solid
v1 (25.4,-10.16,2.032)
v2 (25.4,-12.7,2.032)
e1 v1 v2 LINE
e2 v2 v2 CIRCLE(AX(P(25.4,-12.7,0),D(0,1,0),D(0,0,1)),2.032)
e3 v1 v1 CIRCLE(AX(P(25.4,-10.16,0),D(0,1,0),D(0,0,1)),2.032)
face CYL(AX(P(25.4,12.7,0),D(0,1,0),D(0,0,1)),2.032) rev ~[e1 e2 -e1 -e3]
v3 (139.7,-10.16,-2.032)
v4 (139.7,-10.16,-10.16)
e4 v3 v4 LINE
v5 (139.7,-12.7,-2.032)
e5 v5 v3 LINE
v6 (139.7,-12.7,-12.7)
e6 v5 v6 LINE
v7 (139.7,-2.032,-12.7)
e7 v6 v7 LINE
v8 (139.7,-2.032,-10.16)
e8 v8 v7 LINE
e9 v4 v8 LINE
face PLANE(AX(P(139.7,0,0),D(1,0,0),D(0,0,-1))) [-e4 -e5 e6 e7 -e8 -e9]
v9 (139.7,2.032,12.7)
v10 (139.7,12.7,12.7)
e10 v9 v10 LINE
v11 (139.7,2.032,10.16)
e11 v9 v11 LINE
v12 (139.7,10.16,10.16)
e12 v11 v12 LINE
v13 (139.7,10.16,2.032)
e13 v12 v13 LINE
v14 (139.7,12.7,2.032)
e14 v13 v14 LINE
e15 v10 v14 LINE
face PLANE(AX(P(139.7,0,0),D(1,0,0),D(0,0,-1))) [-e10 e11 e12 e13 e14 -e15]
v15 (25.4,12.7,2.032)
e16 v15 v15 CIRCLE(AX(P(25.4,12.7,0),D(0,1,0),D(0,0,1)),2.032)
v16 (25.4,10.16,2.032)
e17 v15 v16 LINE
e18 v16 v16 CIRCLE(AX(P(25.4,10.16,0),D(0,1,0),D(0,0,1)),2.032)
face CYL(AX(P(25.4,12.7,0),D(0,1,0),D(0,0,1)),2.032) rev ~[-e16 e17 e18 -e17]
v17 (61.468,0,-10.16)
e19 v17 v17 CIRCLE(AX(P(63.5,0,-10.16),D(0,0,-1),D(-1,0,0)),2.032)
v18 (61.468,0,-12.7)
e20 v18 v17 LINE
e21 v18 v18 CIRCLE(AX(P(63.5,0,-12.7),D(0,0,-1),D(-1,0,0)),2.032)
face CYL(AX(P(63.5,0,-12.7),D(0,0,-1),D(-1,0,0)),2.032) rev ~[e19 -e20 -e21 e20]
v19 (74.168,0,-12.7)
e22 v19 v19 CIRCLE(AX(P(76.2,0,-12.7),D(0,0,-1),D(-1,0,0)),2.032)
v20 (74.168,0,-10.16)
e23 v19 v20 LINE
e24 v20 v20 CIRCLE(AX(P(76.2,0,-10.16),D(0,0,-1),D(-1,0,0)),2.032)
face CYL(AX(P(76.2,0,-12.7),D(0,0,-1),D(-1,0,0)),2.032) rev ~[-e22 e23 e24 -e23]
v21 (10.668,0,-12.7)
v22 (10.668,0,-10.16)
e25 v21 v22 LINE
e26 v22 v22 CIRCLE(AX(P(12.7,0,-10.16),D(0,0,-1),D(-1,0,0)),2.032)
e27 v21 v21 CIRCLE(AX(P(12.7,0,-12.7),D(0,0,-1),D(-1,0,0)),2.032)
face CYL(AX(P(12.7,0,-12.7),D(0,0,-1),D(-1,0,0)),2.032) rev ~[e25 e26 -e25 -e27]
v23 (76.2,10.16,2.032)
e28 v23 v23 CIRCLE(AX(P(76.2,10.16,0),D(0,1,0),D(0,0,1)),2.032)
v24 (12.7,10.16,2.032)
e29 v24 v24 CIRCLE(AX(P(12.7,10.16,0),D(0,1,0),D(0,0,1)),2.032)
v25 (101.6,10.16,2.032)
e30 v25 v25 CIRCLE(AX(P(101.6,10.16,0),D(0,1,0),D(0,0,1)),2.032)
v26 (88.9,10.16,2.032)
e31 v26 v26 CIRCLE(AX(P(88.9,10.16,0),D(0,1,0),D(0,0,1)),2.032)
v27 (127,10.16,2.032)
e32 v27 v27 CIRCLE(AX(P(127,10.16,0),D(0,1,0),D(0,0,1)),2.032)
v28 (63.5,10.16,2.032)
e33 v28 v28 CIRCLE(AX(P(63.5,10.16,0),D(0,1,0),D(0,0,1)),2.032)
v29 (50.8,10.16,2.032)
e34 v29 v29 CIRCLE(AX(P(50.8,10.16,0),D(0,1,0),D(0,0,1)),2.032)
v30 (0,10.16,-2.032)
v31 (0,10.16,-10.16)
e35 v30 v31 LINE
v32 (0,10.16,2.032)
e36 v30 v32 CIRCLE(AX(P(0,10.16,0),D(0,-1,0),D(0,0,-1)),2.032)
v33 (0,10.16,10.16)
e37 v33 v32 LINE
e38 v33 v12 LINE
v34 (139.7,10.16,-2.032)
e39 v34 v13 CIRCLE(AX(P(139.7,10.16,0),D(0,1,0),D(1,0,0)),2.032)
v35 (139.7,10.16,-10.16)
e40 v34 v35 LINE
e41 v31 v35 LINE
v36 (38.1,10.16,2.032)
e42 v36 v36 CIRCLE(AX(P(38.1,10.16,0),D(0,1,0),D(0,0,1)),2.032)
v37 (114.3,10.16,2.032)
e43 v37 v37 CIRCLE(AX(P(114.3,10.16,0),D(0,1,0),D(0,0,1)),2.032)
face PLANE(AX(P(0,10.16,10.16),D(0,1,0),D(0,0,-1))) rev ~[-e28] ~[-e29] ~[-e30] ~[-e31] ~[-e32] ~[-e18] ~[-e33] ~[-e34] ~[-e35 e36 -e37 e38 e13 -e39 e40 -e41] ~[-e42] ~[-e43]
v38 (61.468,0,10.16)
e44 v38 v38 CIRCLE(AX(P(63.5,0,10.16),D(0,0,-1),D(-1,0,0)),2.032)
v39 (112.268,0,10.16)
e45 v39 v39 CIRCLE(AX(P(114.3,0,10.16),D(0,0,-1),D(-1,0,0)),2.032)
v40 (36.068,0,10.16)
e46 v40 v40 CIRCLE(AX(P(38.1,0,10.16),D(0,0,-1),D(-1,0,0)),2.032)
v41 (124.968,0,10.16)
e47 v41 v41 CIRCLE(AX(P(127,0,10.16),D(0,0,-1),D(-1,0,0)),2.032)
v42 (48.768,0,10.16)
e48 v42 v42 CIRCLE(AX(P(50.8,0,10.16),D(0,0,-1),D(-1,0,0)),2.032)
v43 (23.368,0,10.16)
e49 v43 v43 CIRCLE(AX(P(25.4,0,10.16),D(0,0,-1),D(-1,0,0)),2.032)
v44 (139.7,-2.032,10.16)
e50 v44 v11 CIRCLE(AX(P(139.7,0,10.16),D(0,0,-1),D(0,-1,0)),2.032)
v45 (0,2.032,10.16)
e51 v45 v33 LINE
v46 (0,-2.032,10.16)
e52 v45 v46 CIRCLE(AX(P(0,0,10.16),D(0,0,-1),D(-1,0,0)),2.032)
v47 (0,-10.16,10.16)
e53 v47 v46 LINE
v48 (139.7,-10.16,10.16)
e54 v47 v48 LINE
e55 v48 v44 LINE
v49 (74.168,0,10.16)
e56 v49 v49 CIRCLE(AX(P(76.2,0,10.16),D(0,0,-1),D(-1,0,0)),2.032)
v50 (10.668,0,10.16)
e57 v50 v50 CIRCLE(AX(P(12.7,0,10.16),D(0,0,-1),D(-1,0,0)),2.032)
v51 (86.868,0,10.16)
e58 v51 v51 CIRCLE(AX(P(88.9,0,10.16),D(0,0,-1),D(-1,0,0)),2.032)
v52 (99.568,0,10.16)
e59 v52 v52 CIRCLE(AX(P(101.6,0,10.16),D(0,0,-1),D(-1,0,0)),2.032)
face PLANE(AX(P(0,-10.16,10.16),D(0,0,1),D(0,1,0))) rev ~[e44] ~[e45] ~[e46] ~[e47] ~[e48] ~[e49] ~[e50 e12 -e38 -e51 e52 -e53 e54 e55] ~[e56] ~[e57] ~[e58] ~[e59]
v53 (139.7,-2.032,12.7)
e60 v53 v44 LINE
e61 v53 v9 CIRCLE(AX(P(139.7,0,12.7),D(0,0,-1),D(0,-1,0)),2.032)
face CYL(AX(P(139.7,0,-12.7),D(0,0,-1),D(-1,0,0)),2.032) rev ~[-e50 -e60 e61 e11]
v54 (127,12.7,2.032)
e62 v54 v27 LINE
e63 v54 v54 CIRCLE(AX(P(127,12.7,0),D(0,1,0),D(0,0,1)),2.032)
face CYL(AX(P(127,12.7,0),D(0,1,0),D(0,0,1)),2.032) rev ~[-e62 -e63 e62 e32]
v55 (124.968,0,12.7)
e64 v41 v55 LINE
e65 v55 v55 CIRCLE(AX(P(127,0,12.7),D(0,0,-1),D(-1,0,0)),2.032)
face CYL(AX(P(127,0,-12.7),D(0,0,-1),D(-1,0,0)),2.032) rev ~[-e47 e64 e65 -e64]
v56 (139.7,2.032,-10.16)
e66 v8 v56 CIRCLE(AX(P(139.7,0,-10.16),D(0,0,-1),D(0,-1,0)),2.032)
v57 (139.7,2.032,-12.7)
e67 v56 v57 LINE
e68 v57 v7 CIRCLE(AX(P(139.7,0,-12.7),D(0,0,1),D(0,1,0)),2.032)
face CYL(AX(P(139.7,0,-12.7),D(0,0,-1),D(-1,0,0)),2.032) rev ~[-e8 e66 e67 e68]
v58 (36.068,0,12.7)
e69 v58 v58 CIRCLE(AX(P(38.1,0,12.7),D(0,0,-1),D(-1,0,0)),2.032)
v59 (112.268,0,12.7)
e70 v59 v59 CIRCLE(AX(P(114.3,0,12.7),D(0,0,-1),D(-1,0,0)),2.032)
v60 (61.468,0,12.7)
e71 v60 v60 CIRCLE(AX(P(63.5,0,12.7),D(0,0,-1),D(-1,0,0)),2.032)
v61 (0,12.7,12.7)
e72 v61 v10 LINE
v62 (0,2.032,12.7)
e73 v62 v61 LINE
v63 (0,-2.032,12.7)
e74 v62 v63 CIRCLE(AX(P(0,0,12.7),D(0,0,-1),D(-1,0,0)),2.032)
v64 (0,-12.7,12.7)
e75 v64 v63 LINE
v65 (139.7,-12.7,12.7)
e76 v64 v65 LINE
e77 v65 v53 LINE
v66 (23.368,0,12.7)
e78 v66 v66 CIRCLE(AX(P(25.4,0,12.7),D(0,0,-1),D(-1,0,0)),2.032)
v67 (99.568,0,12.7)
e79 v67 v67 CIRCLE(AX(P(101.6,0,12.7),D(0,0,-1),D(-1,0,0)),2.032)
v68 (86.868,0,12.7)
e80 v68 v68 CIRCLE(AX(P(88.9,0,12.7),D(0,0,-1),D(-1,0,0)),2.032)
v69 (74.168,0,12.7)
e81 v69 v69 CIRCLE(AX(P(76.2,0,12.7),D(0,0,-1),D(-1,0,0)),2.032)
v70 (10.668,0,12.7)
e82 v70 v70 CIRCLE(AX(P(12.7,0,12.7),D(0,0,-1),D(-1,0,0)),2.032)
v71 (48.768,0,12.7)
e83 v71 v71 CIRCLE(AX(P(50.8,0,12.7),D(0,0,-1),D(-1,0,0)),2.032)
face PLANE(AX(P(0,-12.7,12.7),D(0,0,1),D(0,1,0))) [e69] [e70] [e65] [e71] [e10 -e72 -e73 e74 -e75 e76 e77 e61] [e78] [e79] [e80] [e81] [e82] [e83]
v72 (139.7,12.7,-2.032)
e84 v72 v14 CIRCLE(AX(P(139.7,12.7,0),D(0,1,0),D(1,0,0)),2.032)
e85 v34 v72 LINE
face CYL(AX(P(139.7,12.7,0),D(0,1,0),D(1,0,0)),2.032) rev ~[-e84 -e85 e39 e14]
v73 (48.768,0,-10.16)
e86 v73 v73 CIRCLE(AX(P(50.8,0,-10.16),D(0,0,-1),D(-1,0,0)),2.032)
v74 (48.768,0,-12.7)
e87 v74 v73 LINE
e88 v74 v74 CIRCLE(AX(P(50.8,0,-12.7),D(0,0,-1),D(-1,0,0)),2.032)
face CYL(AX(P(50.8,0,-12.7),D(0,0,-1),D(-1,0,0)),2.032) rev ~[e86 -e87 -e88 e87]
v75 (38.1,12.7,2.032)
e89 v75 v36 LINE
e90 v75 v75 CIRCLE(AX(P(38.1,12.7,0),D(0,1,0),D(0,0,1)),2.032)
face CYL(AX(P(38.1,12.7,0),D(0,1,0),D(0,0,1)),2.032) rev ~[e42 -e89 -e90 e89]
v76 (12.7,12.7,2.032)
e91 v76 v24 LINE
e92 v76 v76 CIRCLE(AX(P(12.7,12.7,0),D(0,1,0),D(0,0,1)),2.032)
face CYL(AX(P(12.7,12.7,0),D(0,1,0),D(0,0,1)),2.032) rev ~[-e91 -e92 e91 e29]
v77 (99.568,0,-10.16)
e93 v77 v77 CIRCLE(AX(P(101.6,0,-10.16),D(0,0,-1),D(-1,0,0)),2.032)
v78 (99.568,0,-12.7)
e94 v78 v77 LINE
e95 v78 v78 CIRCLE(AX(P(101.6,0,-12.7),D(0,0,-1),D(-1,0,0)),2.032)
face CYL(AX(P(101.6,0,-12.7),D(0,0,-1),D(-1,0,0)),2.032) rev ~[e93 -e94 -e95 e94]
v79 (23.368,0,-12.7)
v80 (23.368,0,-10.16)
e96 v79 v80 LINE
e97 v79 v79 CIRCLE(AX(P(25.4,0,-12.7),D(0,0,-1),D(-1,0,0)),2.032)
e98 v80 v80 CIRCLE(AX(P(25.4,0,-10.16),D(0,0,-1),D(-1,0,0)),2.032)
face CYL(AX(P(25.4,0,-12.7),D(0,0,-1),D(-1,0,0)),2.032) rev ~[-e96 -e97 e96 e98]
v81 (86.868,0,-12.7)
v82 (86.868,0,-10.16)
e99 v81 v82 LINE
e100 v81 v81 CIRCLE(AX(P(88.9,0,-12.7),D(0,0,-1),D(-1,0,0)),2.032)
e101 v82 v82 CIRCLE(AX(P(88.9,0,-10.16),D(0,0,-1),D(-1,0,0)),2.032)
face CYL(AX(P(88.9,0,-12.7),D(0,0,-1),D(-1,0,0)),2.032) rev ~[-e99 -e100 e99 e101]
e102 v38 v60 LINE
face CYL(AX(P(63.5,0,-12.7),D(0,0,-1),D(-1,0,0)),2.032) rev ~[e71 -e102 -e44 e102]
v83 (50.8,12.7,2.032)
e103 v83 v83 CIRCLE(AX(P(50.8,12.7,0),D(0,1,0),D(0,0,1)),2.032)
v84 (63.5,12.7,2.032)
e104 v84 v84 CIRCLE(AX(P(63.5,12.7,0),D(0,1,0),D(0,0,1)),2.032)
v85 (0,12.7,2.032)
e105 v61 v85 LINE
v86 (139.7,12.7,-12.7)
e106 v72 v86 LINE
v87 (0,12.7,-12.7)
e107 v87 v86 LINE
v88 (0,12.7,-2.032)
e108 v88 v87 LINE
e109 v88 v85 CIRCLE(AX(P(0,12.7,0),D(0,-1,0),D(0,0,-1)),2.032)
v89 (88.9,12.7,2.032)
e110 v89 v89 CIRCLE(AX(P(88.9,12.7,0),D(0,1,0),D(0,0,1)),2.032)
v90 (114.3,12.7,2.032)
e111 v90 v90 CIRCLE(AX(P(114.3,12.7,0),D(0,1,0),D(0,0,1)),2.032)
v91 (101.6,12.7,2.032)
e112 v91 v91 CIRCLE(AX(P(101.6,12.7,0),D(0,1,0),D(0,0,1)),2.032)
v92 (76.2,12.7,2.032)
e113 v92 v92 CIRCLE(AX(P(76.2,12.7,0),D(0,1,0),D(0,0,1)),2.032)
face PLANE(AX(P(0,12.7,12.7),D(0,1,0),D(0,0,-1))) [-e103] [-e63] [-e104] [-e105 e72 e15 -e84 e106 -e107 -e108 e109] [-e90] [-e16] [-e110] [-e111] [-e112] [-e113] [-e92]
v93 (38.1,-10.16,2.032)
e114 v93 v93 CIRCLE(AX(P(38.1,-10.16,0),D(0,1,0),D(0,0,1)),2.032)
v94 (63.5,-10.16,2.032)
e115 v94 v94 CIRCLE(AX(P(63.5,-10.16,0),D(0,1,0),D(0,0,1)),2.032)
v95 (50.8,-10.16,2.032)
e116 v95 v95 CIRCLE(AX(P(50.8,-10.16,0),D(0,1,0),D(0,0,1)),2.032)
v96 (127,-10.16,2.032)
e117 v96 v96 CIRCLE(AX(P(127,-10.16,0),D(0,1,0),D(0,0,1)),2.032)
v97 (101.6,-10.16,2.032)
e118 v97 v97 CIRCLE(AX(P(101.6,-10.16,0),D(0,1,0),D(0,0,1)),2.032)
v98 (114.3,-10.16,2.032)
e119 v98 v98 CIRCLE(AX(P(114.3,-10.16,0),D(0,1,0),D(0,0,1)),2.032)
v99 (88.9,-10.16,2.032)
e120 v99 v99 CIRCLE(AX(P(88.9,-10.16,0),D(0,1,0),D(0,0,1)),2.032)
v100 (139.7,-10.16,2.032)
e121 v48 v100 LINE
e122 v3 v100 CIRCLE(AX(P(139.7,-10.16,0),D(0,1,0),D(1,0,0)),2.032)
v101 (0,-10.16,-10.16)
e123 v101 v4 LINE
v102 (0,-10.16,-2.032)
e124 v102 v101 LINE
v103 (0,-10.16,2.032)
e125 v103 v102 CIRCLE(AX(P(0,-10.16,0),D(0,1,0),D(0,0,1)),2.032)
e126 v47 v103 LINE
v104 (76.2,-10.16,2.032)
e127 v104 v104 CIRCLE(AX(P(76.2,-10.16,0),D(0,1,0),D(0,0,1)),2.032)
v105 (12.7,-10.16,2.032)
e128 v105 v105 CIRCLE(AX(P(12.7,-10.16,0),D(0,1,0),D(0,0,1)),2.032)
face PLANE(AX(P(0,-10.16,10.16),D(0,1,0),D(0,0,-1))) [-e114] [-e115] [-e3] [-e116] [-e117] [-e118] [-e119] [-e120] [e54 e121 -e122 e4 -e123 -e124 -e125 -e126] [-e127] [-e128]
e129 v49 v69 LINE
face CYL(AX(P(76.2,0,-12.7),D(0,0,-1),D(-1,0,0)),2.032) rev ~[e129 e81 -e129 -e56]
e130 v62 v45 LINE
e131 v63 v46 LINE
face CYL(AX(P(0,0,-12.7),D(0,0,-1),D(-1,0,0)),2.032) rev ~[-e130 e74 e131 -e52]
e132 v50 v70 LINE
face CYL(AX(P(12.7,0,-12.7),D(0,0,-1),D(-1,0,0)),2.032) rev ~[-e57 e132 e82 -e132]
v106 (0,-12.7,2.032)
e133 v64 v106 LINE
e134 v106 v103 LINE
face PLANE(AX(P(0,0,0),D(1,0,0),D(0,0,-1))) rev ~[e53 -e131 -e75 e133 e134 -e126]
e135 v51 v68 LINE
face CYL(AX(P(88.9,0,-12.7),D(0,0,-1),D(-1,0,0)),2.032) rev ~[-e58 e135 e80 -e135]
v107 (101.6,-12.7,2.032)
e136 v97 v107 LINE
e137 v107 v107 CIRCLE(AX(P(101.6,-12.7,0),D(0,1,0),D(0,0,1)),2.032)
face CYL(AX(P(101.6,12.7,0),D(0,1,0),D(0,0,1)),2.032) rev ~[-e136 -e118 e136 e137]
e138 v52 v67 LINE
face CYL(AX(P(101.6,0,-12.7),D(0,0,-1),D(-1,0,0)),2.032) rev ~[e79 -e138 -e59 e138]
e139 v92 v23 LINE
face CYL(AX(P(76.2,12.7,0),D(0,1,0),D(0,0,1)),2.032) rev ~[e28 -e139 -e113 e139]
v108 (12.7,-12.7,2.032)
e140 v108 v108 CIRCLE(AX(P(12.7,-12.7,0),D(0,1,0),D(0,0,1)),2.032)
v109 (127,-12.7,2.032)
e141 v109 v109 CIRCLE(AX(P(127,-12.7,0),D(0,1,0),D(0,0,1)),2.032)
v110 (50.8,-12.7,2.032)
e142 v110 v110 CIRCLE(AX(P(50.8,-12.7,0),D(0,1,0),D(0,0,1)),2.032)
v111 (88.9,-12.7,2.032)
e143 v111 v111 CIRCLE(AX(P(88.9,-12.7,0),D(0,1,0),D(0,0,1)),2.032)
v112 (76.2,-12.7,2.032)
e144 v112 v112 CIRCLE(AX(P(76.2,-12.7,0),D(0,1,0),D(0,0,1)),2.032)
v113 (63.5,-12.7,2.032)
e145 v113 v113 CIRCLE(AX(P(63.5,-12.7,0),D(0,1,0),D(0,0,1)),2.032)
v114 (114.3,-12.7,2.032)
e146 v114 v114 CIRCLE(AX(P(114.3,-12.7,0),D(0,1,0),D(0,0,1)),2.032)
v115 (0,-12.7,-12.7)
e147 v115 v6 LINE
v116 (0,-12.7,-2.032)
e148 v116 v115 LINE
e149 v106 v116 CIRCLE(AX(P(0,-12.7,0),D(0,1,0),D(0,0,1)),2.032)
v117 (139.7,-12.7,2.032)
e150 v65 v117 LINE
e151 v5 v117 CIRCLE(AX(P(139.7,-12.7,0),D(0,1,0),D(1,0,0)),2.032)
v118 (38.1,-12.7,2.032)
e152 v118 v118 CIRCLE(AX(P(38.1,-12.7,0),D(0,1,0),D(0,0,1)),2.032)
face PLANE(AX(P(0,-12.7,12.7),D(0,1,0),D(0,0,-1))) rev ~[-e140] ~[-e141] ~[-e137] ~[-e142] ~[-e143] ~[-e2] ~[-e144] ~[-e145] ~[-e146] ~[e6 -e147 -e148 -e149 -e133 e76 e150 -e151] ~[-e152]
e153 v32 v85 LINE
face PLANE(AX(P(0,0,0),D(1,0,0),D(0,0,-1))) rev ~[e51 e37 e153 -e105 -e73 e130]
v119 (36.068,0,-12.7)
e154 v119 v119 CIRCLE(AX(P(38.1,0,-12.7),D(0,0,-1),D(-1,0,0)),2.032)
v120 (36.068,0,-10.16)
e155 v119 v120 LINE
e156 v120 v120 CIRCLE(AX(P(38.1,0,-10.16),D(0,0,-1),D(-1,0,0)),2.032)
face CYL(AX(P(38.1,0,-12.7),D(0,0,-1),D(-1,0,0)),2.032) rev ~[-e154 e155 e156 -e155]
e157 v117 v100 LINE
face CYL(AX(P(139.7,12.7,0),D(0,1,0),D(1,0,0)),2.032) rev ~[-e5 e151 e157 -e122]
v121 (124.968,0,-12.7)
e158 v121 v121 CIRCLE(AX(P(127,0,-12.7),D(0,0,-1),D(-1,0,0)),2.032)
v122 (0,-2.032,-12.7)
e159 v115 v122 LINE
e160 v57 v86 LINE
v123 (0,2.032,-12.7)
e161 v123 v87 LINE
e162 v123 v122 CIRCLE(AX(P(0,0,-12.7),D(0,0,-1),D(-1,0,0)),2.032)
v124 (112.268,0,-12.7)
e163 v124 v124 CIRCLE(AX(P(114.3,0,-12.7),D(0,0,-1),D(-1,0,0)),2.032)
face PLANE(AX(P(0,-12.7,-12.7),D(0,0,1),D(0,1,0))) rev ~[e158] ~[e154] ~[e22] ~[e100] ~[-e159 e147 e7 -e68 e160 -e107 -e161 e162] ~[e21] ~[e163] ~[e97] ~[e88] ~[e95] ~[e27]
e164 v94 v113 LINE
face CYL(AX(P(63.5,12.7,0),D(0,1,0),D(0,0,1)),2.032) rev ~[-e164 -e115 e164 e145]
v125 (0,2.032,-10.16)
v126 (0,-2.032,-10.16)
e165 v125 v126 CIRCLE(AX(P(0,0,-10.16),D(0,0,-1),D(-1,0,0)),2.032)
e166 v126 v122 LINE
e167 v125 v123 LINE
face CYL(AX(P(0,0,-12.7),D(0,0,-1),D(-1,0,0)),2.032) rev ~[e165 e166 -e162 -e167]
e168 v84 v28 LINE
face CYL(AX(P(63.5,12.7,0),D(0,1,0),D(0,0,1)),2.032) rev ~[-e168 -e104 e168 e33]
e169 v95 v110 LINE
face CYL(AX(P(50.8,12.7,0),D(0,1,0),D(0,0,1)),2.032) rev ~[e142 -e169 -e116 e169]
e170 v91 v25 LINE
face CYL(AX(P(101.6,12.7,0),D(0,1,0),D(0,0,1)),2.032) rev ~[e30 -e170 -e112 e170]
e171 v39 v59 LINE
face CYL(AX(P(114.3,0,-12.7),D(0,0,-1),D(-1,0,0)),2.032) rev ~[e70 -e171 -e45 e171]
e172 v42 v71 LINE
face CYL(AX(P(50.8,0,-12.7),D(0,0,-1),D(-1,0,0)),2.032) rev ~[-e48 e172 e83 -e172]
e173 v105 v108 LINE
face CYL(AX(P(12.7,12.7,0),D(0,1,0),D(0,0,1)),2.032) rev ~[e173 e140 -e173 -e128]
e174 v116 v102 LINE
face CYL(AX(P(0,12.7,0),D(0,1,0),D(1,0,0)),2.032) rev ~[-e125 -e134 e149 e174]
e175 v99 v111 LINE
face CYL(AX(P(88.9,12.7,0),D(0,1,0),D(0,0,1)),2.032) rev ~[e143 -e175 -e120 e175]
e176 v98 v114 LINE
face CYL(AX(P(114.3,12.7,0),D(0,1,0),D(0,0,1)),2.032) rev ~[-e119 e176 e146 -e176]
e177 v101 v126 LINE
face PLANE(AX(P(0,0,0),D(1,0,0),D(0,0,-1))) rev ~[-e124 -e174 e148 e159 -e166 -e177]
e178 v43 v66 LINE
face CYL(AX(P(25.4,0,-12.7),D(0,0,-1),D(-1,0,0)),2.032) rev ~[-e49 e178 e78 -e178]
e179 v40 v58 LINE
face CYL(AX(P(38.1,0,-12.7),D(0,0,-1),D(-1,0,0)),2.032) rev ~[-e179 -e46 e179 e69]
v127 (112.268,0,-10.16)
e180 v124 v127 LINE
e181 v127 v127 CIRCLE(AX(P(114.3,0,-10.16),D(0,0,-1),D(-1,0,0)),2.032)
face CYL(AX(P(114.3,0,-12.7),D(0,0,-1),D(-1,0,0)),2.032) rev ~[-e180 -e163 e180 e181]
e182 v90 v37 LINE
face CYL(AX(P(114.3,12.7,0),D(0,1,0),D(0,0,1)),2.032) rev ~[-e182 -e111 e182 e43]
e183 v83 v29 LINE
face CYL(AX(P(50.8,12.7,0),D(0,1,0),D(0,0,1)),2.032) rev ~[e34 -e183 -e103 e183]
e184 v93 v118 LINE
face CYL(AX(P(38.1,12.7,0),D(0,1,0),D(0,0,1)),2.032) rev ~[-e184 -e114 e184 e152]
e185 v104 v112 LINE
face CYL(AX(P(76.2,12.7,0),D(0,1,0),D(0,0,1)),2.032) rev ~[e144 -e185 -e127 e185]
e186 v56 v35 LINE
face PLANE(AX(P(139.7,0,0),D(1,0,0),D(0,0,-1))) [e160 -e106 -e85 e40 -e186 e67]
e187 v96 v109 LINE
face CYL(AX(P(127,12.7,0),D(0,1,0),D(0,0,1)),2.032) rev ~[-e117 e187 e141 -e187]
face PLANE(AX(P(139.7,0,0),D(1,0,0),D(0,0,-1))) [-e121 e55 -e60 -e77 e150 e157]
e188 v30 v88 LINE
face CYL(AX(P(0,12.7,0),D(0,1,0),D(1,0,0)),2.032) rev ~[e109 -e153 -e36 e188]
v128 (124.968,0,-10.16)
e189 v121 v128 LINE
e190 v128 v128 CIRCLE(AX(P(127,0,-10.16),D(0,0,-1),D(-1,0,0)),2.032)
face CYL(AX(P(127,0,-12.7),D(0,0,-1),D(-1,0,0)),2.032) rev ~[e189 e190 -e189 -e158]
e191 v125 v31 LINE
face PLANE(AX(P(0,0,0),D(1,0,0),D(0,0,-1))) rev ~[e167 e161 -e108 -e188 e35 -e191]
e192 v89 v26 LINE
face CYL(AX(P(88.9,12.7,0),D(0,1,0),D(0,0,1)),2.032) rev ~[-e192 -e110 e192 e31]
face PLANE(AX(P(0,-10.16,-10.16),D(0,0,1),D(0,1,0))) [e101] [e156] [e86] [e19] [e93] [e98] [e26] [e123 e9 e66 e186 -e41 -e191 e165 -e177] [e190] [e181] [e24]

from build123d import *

# Parameters (mm, degrees)
SKETCH1_W           = 25.4
SKETCH1_H           = 25.4
SKETCH1_W_2         = 20.32
SKETCH1_H_2         = 20.32
BOSS_EXTRUDE1_DEPTH = 139.7
SKETCH2_R           = 2.032
CUT_EXTRUDE1_DEPTH  = 143.557146436
SKETCH3_R           = 2.032
CUT_EXTRUDE2_DEPTH  = 143.557146436


with BuildPart() as part:
    # Sketch1 → Boss-Extrude1 (new body)
    with BuildSketch(Plane(origin=(0, 0, 0), x_dir=(0, 0, -1), z_dir=(1, 0, 0))):
        Rectangle(SKETCH1_W, SKETCH1_H)
        Rectangle(SKETCH1_W_2, SKETCH1_H_2, mode=Mode.SUBTRACT)
    extrude(amount=BOSS_EXTRUDE1_DEPTH)

    # Sketch2 → Cut-Extrude1 (cut, through all)
    with BuildSketch(Plane(origin=(0, 12.7, 0), x_dir=(1, 0, 0), z_dir=(0, 1, 0))):
        Circle(SKETCH2_R)
        with Locations(Location((12.7, 0, 0), (0, 0, 270))):
            Circle(SKETCH2_R)
        with Locations(Location((25.4, 0, 0), (0, 0, 270))):
            Circle(SKETCH2_R)
        with Locations(Location((38.1, 0, 0), (0, 0, 270))):
            Circle(SKETCH2_R)
        with Locations(Location((50.8, 0, 0), (0, 0, 270))):
            Circle(SKETCH2_R)
        with Locations(Location((63.5, 0, 0), (0, 0, 270))):
            Circle(SKETCH2_R)
        with Locations(Location((76.2, 0, 0), (0, 0, 270))):
            Circle(SKETCH2_R)
        with Locations(Location((88.9, 0, 0), (0, 0, 270))):
            Circle(SKETCH2_R)
        with Locations(Location((101.6, 0, 0), (0, 0, 270))):
            Circle(SKETCH2_R)
        with Locations(Location((114.3, 0, 0), (0, 0, 270))):
            Circle(SKETCH2_R)
        with Locations(Location((127, 0, 0), (0, 0, 270))):
            Circle(SKETCH2_R)
        with Locations((139.7, 0)):
            Circle(SKETCH2_R)
        with Locations((152.4, 0)):
            Circle(SKETCH2_R)
        with Locations((165.1, 0)):
            Circle(SKETCH2_R)
        with Locations((177.8, 0)):
            Circle(SKETCH2_R)
        with Locations((190.5, 0)):
            Circle(SKETCH2_R)
    extrude(amount=-CUT_EXTRUDE1_DEPTH, mode=Mode.SUBTRACT)

    # Sketch3 → Cut-Extrude2 (cut, through all)
    with BuildSketch(Plane(origin=(0, 0, -12.7), x_dir=(-1, 0, 0), z_dir=(0, 0, -1))):
        Circle(SKETCH3_R)
        with Locations((-12.7, 0)):
            Circle(SKETCH3_R)
        with Locations((-25.4, 0)):
            Circle(SKETCH3_R)
        with Locations((-38.1, 0)):
            Circle(SKETCH3_R)
        with Locations((-50.8, 0)):
            Circle(SKETCH3_R)
        with Locations((-63.5, 0)):
            Circle(SKETCH3_R)
        with Locations((-76.2, 0)):
            Circle(SKETCH3_R)
        with Locations((-88.9, 0)):
            Circle(SKETCH3_R)
        with Locations((-101.6, 0)):
            Circle(SKETCH3_R)
        with Locations((-114.3, 0)):
            Circle(SKETCH3_R)
        with Locations((-127, 0)):
            Circle(SKETCH3_R)
        with Locations((-139.7, 0)):
            Circle(SKETCH3_R)
        with Locations((-152.4, 0)):
            Circle(SKETCH3_R)
        with Locations((-165.1, 0)):
            Circle(SKETCH3_R)
        with Locations((-177.8, 0)):
            Circle(SKETCH3_R)
        with Locations((-190.5, 0)):
            Circle(SKETCH3_R)
        with Locations((-203.2, 0)):
            Circle(SKETCH3_R)
    extrude(amount=-CUT_EXTRUDE2_DEPTH, mode=Mode.SUBTRACT)


solid = part.part
